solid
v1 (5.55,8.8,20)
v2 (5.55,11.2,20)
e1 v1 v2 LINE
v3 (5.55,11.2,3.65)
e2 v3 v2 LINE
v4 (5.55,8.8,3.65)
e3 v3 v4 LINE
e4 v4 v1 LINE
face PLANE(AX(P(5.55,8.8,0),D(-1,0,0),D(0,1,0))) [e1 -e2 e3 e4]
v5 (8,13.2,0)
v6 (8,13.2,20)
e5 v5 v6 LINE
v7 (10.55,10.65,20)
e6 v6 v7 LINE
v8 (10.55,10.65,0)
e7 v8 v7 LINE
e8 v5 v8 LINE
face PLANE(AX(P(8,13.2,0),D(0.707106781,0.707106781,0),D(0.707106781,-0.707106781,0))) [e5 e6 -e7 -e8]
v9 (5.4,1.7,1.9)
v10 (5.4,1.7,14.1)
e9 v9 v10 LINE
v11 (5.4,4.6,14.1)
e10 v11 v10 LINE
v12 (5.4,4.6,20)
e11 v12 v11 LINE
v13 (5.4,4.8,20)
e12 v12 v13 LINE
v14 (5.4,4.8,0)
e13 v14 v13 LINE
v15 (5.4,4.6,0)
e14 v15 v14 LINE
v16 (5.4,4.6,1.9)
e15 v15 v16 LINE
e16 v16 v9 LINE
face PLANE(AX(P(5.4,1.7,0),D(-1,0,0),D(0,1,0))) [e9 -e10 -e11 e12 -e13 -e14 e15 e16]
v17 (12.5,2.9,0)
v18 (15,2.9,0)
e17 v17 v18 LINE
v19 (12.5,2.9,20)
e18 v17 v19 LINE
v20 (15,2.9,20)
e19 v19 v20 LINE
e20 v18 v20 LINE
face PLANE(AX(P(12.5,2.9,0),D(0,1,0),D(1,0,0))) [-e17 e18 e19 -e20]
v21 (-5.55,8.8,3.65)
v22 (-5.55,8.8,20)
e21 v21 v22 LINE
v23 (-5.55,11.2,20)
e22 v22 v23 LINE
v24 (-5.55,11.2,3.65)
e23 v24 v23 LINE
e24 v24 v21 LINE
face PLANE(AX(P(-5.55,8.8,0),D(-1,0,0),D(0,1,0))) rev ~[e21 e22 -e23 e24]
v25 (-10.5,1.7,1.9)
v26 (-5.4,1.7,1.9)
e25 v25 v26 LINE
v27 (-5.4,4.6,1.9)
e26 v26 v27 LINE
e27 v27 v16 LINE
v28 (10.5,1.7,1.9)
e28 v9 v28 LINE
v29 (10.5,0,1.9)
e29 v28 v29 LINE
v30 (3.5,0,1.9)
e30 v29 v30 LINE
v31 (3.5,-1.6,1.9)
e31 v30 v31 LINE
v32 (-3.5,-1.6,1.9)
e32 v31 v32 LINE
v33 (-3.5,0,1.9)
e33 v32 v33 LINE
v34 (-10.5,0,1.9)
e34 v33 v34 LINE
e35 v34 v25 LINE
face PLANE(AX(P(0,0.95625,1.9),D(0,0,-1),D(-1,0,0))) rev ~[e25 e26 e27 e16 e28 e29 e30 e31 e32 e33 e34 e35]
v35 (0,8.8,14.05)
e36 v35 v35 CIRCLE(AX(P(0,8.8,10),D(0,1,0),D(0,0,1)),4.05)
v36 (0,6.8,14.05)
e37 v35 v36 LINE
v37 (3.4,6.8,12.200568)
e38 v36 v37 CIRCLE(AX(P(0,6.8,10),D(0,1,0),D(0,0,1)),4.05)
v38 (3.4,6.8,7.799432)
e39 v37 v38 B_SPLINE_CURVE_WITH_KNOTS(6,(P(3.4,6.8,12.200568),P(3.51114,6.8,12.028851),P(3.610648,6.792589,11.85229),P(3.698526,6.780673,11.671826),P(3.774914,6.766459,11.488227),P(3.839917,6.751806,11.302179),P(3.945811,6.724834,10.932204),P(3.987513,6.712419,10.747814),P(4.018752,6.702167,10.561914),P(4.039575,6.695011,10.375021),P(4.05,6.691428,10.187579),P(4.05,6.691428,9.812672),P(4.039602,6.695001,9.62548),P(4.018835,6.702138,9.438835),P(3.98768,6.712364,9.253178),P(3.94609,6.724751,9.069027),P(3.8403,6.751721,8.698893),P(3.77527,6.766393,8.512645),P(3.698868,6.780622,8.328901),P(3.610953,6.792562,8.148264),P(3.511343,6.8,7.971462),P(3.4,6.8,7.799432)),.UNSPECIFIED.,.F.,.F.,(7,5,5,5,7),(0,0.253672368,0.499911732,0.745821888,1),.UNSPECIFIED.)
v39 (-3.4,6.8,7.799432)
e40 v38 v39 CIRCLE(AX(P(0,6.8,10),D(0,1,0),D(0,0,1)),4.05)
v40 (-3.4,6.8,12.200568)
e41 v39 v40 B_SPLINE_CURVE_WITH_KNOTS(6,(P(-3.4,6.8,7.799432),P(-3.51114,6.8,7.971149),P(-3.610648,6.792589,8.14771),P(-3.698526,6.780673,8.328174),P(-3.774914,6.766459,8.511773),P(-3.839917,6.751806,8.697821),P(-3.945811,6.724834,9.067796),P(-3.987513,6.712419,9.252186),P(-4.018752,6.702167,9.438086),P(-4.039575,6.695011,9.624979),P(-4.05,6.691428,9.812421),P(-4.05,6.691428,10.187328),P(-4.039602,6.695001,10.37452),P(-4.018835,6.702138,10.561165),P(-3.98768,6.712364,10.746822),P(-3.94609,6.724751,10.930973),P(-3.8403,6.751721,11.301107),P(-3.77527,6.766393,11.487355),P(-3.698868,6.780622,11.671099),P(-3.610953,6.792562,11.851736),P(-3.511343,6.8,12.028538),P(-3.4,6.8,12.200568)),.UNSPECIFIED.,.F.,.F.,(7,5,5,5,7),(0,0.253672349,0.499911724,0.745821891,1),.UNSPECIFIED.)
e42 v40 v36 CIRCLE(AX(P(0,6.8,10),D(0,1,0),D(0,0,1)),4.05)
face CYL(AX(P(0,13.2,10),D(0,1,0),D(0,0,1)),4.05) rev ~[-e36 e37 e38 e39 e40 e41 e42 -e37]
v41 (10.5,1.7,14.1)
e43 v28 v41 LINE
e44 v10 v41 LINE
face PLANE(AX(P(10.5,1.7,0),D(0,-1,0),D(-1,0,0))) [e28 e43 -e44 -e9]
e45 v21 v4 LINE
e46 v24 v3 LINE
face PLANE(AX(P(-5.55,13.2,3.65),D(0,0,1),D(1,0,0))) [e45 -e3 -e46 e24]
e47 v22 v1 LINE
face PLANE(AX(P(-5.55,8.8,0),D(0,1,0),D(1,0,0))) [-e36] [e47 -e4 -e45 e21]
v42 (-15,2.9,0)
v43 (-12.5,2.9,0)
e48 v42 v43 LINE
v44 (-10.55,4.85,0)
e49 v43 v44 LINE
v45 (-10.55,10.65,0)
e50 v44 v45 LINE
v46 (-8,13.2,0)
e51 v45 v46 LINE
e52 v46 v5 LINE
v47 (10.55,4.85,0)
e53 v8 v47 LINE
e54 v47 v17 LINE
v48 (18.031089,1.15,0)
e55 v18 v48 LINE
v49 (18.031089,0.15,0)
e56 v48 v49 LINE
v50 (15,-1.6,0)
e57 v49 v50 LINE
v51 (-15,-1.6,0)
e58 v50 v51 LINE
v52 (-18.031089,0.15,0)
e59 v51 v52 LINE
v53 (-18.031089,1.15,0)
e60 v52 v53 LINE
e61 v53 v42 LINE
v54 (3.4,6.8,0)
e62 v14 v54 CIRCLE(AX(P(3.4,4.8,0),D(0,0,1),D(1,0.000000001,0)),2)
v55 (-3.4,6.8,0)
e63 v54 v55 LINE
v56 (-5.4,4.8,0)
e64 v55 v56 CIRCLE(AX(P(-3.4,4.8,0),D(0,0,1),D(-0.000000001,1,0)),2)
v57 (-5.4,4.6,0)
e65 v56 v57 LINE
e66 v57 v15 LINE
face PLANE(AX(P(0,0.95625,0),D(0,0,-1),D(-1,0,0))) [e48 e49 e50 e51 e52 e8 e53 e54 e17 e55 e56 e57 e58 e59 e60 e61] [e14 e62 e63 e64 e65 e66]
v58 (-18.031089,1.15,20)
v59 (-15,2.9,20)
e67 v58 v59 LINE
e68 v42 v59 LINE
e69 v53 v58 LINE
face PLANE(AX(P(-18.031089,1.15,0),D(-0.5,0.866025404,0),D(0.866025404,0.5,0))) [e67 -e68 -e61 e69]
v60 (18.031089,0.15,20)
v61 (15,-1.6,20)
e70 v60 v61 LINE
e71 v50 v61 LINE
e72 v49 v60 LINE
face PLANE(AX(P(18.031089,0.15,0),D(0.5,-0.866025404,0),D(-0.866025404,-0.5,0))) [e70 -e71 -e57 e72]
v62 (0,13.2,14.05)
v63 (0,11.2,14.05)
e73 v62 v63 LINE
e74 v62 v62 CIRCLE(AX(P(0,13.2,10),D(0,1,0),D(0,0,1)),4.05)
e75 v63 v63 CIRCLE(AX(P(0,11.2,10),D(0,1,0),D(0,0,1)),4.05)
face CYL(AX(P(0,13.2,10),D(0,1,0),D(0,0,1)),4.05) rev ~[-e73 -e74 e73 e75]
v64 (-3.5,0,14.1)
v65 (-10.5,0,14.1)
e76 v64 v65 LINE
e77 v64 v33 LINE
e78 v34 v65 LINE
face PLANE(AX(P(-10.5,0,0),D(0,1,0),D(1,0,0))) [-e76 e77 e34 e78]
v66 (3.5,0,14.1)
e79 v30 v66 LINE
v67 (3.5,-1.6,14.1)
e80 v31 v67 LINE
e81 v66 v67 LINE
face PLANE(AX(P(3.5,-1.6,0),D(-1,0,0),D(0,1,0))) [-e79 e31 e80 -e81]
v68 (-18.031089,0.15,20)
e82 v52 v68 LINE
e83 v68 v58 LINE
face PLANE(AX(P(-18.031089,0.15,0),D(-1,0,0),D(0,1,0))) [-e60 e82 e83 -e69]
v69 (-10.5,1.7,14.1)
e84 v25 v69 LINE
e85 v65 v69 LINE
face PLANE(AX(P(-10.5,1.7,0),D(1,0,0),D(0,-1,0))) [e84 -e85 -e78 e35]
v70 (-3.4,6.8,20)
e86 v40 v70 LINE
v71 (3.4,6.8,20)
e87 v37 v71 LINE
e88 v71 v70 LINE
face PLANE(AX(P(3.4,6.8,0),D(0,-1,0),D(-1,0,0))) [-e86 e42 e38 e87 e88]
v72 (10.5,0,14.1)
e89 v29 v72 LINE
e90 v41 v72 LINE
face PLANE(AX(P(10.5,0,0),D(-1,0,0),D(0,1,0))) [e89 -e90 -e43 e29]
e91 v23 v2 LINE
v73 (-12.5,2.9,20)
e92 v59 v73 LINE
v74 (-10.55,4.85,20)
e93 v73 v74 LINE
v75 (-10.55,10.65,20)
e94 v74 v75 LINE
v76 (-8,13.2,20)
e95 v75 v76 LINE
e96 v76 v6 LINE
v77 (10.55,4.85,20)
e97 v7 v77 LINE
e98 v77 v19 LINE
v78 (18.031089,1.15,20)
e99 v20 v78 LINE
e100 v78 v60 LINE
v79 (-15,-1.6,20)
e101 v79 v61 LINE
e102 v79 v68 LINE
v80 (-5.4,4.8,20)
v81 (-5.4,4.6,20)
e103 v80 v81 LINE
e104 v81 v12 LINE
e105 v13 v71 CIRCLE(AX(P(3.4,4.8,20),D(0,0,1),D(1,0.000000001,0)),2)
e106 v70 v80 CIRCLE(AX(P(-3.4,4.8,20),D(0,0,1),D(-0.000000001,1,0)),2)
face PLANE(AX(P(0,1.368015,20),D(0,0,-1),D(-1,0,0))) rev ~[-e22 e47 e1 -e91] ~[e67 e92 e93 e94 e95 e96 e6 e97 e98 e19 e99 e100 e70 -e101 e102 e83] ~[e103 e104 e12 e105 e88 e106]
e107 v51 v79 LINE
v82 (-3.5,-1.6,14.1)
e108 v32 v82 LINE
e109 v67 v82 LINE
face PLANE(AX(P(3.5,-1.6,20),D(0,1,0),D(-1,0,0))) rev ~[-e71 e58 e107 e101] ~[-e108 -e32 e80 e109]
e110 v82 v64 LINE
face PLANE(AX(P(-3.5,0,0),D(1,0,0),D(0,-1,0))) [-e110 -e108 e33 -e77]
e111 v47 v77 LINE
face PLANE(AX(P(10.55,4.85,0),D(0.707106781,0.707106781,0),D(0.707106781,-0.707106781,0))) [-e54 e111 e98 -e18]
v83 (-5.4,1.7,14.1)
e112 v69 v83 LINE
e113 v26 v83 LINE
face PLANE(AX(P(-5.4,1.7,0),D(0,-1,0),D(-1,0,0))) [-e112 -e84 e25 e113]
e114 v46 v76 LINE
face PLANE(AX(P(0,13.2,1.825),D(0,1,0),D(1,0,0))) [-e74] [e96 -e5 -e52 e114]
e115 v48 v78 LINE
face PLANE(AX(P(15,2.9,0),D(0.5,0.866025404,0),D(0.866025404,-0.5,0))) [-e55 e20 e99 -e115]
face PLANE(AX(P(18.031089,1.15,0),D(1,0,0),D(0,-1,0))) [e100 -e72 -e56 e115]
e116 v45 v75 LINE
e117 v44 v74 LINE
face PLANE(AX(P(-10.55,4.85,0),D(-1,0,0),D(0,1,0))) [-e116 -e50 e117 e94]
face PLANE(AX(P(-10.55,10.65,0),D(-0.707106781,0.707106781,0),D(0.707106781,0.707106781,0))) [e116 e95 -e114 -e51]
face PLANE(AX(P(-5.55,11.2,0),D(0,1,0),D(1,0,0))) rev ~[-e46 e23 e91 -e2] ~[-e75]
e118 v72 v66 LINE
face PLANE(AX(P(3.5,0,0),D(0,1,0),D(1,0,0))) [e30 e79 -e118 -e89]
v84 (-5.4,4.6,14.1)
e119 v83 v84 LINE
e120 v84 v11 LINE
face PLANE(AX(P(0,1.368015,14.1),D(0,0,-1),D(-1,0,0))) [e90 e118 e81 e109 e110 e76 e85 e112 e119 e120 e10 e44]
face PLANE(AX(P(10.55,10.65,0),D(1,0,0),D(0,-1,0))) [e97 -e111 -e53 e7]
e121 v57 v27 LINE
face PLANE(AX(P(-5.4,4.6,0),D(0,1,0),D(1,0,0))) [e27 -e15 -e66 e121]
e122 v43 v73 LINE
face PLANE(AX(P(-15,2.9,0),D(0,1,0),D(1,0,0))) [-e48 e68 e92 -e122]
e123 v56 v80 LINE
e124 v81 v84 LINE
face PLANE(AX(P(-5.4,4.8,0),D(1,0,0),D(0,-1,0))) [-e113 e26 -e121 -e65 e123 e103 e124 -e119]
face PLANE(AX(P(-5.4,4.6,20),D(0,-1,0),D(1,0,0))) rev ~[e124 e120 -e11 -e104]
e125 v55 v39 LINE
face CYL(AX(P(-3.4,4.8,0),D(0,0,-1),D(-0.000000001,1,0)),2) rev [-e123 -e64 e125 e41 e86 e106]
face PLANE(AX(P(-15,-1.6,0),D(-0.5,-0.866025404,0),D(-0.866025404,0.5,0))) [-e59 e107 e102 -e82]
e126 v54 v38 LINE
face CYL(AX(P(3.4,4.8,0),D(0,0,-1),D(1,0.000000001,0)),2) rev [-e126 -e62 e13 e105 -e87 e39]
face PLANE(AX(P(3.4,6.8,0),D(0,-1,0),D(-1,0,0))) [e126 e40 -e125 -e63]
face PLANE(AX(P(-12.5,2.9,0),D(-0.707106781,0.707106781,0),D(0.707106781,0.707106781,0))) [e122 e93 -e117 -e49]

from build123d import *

# Parameters (mm, degrees)
SKETCH1_W           = 11.1
SKETCH1_H           = 2.4
BOSS_EXTRUDE1_DEPTH = 20
CUT_EXTRUDE1_REACH  = 32.727
SKETCH2_R           = 4.05
SKETCH4_W           = 11.1
SKETCH4_H           = 3.65
BOSS_EXTRUDE3_DEPTH = 4.4
BOSS_EXTRUDE4_DEPTH = 1.9
BOSS_EXTRUDE5_DEPTH = 5.9


with BuildPart() as part:
    # Sketch1 → Boss-Extrude1 (new body)
    with BuildSketch(Plane.XY):
        with BuildLine():
            Line((-10.5, 0), (-3.5, 0))
            Line((-3.5, 0), (-3.5, -1.6))
            Line((-3.5, -1.6), (-15, -1.6))
            Line((-15, -1.6), (-18.031088913, 0.15))
            Line((-18.031088913, 0.15), (-18.031088913, 1.15))
            Line((-18.031088913, 1.15), (-15, 2.9))
            Line((-15, 2.9), (-12.5, 2.9))
            Line((-12.5, 2.9), (-10.55, 4.85))
            Line((-10.55, 4.85), (-10.55, 10.65))
            Line((-10.55, 10.65), (-8, 13.2))
            Line((-8, 13.2), (8, 13.2))
            Line((8, 13.2), (10.55, 10.65))
            Line((10.55, 10.65), (10.55, 4.85))
            Line((10.55, 4.85), (12.5, 2.9))
            Line((12.5, 2.9), (15, 2.9))
            Line((15, 2.9), (18.031088913, 1.15))
            Line((18.031088913, 1.15), (18.031088913, 0.15))
            Line((18.031088913, 0.15), (15, -1.6))
            Line((15, -1.6), (3.5, -1.6))
            Line((3.5, -1.6), (3.5, 0))
            Line((3.5, 0), (10.5, 0))
            Line((10.5, 0), (10.5, 1.7))
            Line((10.5, 1.7), (5.4, 1.7))
            Line((5.4, 1.7), (5.4, 4.8))
            ThreePointArc((5.4, 4.8), (4.814213562, 6.214213562), (3.4, 6.8))
            Line((3.4, 6.8), (-3.4, 6.8))
            ThreePointArc((-3.4, 6.8), (-4.814213562, 6.214213562), (-5.4, 4.8))
            Line((-5.4, 4.8), (-5.4, 1.7))
            Line((-5.4, 1.7), (-10.5, 1.7))
            Line((-10.5, 1.7), (-10.5, 0))
        make_face()
        with Locations((0, 10)):
            Rectangle(SKETCH1_W, SKETCH1_H, mode=Mode.SUBTRACT)
    extrude(amount=BOSS_EXTRUDE1_DEPTH)

    # Cut-Extrude1: up to this face of the body (flat: up to its plane)
    cut_extrude1_end = Plane(part.part.faces().sort_by_distance((7, 0, 10))[0])
    # Sketch2 → Cut-Extrude1 (cut, up to the picked face)
    with BuildSketch(Plane(origin=(0, 13.2, 0), x_dir=(1, 0, 0), z_dir=(0, 1, 0)), mode=Mode.PRIVATE) as cut_extrude1_sk1:
        with Locations(Location((0, -10, 0), (0, 0, 270))):
            Circle(SKETCH2_R)
    cut_extrude1_tool1 = split(extrude(cut_extrude1_sk1.sketch, amount=-CUT_EXTRUDE1_REACH, mode=Mode.PRIVATE), bisect_by=cut_extrude1_end, keep=Keep.BOTH, mode=Mode.PRIVATE)
    add(cut_extrude1_tool1.solids().sort_by(Axis((0, 13.2, 10), (0, -1, 0)))[0], mode=Mode.SUBTRACT)

    # Sketch4 → Boss-Extrude3 (add)
    with BuildSketch(Plane(origin=(0, 13.2, 0), x_dir=(1, 0, 0), z_dir=(0, 1, 0))):
        with Locations((0, -1.825)):
            Rectangle(SKETCH4_W, SKETCH4_H)
    extrude(amount=-BOSS_EXTRUDE3_DEPTH)

    # Sketch5 → Boss-Extrude4 (add)
    with BuildSketch(Plane(origin=(0, 0, 0), x_dir=(-1, 0, 0), z_dir=(0, 0, -1))):
        Polygon((-10.5, 1.7), (-10.5, -1.6), (10.5, -1.6), (10.5, 1.7), (5.4, 1.7), (5.4, 4.6), (-5.4, 4.6), (-5.4, 1.7), align=None)
    extrude(amount=-BOSS_EXTRUDE4_DEPTH)

    # Sketch6 → Boss-Extrude5 (add)
    with BuildSketch(Plane.XY.offset(20)):
        Polygon((-3.5, -1.6), (-3.5, 0), (-10.5, 0), (-10.5, 1.7), (-5.4, 1.7), (-5.4, 4.6), (5.4, 4.6), (5.4, 1.7), (10.5, 1.7), (10.5, 0), (3.5, 0), (3.5, -1.6), align=None)
    extrude(amount=-BOSS_EXTRUDE5_DEPTH)


solid = part.part
